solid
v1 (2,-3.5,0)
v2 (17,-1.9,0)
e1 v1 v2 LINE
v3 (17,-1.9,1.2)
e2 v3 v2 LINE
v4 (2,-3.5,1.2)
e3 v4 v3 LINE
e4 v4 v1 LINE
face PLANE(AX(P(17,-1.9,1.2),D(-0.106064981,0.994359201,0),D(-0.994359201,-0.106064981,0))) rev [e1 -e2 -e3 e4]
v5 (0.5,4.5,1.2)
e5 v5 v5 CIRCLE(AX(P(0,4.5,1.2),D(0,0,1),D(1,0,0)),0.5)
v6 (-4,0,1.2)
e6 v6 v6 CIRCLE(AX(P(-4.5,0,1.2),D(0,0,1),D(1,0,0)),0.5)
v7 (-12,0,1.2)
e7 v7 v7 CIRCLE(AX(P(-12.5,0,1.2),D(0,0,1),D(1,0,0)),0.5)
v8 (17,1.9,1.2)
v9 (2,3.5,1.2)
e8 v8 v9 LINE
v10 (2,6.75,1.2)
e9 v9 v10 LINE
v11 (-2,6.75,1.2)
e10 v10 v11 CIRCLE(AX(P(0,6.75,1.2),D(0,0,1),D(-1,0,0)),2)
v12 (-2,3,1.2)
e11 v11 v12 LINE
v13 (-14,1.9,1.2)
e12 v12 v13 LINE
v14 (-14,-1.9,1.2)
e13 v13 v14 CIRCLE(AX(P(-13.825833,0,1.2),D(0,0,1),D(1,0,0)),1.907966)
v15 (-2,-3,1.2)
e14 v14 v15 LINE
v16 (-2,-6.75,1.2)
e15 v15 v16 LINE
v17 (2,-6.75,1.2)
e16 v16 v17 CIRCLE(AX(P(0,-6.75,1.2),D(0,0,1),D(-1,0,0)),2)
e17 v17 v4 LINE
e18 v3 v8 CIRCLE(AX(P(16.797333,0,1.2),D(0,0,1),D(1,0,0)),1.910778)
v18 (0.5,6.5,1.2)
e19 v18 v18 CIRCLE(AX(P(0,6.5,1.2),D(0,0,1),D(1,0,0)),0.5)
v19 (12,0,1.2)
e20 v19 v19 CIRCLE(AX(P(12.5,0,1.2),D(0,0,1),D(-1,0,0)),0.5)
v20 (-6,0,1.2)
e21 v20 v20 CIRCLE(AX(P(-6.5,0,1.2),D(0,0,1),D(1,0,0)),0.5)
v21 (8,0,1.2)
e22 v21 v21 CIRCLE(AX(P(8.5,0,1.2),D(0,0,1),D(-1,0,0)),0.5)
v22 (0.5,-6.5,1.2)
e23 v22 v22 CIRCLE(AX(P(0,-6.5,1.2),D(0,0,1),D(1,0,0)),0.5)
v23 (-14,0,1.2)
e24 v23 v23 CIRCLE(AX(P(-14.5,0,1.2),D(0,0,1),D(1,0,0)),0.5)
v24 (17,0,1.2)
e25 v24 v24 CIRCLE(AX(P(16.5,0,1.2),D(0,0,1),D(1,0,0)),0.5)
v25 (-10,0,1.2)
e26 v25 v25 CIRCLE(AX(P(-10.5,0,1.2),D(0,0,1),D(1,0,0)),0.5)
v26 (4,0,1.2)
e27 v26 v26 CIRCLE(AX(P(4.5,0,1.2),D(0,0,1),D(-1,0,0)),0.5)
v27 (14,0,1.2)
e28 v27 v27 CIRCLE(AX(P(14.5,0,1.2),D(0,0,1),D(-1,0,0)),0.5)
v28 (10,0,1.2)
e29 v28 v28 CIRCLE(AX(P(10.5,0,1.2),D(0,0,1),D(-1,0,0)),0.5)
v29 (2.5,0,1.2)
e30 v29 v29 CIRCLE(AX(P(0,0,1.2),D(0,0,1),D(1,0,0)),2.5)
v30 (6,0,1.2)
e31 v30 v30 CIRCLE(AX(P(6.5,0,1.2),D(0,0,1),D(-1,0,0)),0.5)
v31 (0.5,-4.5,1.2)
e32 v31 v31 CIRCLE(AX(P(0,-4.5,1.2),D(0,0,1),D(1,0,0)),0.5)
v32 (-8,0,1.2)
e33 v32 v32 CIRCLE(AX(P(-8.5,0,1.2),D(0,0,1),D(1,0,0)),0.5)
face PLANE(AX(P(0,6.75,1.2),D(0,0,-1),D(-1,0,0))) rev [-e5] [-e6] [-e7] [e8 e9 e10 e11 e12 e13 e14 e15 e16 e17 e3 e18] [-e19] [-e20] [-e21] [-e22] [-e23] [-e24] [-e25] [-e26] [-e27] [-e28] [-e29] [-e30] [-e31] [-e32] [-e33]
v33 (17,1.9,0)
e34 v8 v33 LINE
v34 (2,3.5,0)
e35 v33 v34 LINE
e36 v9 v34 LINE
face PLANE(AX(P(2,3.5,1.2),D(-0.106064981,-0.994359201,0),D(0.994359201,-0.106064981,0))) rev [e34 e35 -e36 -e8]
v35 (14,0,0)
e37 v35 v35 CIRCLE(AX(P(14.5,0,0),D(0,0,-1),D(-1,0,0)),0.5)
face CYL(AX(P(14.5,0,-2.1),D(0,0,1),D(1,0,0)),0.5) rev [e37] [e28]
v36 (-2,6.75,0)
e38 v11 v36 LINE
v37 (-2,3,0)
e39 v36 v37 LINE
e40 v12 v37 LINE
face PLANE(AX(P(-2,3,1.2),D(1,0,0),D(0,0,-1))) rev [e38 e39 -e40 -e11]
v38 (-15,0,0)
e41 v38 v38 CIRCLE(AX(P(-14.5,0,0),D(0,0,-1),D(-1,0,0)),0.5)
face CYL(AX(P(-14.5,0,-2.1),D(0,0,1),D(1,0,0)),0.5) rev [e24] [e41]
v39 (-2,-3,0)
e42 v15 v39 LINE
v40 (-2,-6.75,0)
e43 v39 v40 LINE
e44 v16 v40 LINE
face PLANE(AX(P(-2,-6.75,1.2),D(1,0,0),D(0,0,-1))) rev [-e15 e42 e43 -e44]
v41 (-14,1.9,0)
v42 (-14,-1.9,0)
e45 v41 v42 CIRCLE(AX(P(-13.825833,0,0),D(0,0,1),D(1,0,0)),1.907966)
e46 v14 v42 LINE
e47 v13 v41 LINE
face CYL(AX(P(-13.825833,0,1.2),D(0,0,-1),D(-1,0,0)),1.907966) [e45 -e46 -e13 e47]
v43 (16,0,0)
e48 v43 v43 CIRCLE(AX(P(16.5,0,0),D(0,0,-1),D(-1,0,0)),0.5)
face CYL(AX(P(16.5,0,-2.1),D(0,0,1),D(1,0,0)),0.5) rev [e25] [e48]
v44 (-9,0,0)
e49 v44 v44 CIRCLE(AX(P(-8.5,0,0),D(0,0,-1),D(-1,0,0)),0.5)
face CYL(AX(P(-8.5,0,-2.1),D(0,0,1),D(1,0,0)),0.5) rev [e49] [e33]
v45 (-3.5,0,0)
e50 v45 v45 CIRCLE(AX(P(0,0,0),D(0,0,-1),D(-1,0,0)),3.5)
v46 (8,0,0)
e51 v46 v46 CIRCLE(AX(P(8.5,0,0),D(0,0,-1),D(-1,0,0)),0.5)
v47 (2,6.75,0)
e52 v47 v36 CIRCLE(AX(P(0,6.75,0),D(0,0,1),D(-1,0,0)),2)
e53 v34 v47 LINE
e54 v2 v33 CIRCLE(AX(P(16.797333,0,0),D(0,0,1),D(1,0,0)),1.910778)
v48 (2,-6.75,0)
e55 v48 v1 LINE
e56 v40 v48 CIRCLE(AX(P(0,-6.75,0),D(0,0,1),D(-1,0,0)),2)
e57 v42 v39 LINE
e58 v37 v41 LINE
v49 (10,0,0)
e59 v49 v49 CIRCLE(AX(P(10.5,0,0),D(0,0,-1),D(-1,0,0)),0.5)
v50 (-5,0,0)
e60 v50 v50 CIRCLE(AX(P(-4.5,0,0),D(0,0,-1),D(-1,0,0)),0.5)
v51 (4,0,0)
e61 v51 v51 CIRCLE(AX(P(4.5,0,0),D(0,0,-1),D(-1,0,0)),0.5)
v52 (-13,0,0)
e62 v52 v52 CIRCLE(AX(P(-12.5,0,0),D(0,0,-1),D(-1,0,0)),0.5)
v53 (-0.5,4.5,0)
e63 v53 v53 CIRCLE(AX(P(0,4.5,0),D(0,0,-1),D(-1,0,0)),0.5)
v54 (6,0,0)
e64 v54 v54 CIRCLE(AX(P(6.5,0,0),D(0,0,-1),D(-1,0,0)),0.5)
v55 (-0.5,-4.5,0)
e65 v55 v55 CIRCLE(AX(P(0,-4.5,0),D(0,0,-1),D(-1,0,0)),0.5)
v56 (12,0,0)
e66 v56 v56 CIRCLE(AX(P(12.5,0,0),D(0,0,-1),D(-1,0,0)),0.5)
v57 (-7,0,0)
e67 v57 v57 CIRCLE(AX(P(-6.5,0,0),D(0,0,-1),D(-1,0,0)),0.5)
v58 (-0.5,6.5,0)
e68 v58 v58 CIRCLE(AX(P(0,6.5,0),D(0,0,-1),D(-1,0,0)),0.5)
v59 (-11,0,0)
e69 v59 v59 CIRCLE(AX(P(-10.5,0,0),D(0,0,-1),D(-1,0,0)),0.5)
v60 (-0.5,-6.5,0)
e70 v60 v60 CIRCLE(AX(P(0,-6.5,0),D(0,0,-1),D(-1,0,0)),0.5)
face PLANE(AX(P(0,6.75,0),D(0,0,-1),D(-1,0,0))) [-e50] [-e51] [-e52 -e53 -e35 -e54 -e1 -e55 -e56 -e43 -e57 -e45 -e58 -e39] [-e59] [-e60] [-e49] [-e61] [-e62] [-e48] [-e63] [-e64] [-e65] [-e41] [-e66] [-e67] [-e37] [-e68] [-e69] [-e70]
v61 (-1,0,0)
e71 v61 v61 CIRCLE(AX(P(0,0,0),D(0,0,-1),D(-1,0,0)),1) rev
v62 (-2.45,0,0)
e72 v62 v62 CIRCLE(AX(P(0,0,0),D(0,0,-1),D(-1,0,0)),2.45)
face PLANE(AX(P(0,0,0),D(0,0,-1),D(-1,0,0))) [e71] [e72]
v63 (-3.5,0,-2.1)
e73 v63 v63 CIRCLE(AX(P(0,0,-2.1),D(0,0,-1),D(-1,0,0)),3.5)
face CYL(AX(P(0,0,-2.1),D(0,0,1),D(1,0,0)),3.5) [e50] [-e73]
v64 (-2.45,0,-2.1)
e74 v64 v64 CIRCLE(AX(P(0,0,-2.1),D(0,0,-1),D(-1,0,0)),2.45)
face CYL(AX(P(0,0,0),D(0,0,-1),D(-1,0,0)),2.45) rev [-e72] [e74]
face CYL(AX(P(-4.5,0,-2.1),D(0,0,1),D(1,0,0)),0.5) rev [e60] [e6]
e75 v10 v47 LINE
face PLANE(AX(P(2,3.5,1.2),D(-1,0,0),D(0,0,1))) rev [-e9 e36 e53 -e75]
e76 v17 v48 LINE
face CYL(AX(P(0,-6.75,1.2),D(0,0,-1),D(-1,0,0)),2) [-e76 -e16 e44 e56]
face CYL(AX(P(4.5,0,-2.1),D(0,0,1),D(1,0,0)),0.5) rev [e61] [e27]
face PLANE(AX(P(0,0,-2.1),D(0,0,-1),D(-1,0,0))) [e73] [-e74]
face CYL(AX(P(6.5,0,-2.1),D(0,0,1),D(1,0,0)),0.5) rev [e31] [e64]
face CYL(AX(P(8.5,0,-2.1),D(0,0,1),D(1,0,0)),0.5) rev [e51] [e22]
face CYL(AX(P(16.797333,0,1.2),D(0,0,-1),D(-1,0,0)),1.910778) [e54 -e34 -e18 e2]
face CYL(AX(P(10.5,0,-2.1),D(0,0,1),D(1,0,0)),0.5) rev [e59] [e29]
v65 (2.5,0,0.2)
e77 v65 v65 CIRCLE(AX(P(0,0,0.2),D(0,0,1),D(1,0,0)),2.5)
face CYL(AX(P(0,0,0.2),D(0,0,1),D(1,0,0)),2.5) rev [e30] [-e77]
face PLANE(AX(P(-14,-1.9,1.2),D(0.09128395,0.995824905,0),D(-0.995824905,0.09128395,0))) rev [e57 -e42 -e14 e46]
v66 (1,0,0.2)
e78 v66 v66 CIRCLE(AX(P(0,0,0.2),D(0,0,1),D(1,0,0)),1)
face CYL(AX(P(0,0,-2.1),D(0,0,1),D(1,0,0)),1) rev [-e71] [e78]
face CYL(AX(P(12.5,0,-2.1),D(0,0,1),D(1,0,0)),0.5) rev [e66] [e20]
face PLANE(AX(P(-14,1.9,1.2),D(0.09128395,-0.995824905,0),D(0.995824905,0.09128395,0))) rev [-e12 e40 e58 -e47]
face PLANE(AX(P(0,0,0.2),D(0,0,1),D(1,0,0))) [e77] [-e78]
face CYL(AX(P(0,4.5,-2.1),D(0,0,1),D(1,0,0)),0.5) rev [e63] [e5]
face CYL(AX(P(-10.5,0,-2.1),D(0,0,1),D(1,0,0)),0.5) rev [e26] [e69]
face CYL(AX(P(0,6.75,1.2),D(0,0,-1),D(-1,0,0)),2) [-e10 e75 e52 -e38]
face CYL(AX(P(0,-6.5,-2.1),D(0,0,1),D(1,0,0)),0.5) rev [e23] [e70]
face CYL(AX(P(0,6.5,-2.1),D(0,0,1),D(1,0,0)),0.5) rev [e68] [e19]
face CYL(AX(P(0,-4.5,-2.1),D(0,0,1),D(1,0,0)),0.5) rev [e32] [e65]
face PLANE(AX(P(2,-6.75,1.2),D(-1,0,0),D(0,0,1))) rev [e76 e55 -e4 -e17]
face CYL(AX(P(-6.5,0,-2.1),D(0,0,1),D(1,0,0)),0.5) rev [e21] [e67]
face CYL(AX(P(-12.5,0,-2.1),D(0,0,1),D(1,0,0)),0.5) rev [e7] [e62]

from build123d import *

# Parameters (mm, degrees)
BOSS_EXTRUDE1_DEPTH = 1.2
SKETCH2_R           = 3.5
BOSS_EXTRUDE2_DEPTH = 2.1
SKETCH3_R           = 2.5
CUT_EXTRUDE1_DEPTH  = 1
SKETCH4_R           = 1
CUT_EXTRUDE2_DEPTH  = 21.78090329
SKETCH6_R           = 2.45
CUT_EXTRUDE3_DEPTH  = 2.1
SKETCH7_R           = 0.5
CUT_EXTRUDE4_DEPTH  = 21.915208379
SKETCH8_R           = 0.5
CUT_EXTRUDE5_DEPTH  = 21.915208379


with BuildPart() as part:
    # Sketch1 → Boss-Extrude1 (new body)
    with BuildSketch(Plane.XY):
        with BuildLine():
            Line((-2, -6.75), (-2, -3))
            Line((-2, -3), (-14, -1.9))
            ThreePointArc((-14, -1.9), (-15.733799273, 0), (-14, 1.9))
            Line((-14, 1.9), (-2, 3))
            Line((-2, 3), (-2, 6.75))
            ThreePointArc((-2, 6.75), (0, 8.75), (2, 6.75))
            Line((2, 6.75), (2, 3.5))
            Line((2, 3.5), (17, 1.9))
            ThreePointArc((17, 1.9), (18.708111651, 0), (17, -1.9))
            Line((17, -1.9), (2, -3.5))
            Line((2, -3.5), (2, -6.75))
            ThreePointArc((2, -6.75), (0, -8.75), (-2, -6.75))
        make_face()
    extrude(amount=BOSS_EXTRUDE1_DEPTH)

    # Sketch2 → Boss-Extrude2 (add)
    with BuildSketch(Plane(origin=(0, 0, 0), x_dir=(-1, 0, 0), z_dir=(0, 0, -1))):
        Circle(SKETCH2_R)
    extrude(amount=BOSS_EXTRUDE2_DEPTH)

    # Sketch3 → Cut-Extrude1 (cut)
    with BuildSketch(Plane.XY.offset(1.2)):
        Circle(SKETCH3_R)
    extrude(amount=-CUT_EXTRUDE1_DEPTH, mode=Mode.SUBTRACT)

    # Sketch4 → Cut-Extrude2 (cut, through all)
    with BuildSketch(Plane.XY.offset(0.2)):
        Circle(SKETCH4_R)
    extrude(amount=-CUT_EXTRUDE2_DEPTH, mode=Mode.SUBTRACT)

    # Sketch6 → Cut-Extrude3 (cut)
    with BuildSketch(Plane(origin=(0, 0, -2.1), x_dir=(-1, 0, 0), z_dir=(0, 0, -1))):
        Circle(SKETCH6_R)
    extrude(amount=-CUT_EXTRUDE3_DEPTH, mode=Mode.SUBTRACT)

    # Sketch7 → Cut-Extrude4 (cut, through all)
    with BuildSketch(Plane.XY.offset(1.2)):
        with Locations((0, -4.5)):
            Circle(SKETCH7_R)
        with Locations((0, -6.5)):
            Circle(SKETCH7_R)
        with Locations((0, 4.5)):
            Circle(SKETCH7_R)
        with Locations((0, 6.5)):
            Circle(SKETCH7_R)
    extrude(amount=-CUT_EXTRUDE4_DEPTH, mode=Mode.SUBTRACT)

    # Sketch8 → Cut-Extrude5 (cut, through all)
    with BuildSketch(Plane.XY.offset(1.2)):
        with Locations((-4.5, 0)):
            Circle(SKETCH8_R)
        with Locations((-6.5, 0)):
            Circle(SKETCH8_R)
        with Locations((-8.5, 0)):
            Circle(SKETCH8_R)
        with Locations((-10.5, 0)):
            Circle(SKETCH8_R)
        with Locations((-12.5, 0)):
            Circle(SKETCH8_R)
        with Locations((-14.5, 0)):
            Circle(SKETCH8_R)
        with Locations(Location((4.5, 0, 0), (0, 0, 180))):
            Circle(SKETCH8_R)
        with Locations(Location((6.5, 0, 0), (0, 0, 180))):
            Circle(SKETCH8_R)
        with Locations(Location((8.5, 0, 0), (0, 0, 180))):
            Circle(SKETCH8_R)
        with Locations(Location((10.5, 0, 0), (0, 0, 180))):
            Circle(SKETCH8_R)
        with Locations(Location((12.5, 0, 0), (0, 0, 180))):
            Circle(SKETCH8_R)
        with Locations(Location((14.5, 0, 0), (0, 0, 180))):
            Circle(SKETCH8_R)
        with Locations((16.5, 0)):
            Circle(SKETCH8_R)
    extrude(amount=-CUT_EXTRUDE5_DEPTH, mode=Mode.SUBTRACT)


solid = part.part
